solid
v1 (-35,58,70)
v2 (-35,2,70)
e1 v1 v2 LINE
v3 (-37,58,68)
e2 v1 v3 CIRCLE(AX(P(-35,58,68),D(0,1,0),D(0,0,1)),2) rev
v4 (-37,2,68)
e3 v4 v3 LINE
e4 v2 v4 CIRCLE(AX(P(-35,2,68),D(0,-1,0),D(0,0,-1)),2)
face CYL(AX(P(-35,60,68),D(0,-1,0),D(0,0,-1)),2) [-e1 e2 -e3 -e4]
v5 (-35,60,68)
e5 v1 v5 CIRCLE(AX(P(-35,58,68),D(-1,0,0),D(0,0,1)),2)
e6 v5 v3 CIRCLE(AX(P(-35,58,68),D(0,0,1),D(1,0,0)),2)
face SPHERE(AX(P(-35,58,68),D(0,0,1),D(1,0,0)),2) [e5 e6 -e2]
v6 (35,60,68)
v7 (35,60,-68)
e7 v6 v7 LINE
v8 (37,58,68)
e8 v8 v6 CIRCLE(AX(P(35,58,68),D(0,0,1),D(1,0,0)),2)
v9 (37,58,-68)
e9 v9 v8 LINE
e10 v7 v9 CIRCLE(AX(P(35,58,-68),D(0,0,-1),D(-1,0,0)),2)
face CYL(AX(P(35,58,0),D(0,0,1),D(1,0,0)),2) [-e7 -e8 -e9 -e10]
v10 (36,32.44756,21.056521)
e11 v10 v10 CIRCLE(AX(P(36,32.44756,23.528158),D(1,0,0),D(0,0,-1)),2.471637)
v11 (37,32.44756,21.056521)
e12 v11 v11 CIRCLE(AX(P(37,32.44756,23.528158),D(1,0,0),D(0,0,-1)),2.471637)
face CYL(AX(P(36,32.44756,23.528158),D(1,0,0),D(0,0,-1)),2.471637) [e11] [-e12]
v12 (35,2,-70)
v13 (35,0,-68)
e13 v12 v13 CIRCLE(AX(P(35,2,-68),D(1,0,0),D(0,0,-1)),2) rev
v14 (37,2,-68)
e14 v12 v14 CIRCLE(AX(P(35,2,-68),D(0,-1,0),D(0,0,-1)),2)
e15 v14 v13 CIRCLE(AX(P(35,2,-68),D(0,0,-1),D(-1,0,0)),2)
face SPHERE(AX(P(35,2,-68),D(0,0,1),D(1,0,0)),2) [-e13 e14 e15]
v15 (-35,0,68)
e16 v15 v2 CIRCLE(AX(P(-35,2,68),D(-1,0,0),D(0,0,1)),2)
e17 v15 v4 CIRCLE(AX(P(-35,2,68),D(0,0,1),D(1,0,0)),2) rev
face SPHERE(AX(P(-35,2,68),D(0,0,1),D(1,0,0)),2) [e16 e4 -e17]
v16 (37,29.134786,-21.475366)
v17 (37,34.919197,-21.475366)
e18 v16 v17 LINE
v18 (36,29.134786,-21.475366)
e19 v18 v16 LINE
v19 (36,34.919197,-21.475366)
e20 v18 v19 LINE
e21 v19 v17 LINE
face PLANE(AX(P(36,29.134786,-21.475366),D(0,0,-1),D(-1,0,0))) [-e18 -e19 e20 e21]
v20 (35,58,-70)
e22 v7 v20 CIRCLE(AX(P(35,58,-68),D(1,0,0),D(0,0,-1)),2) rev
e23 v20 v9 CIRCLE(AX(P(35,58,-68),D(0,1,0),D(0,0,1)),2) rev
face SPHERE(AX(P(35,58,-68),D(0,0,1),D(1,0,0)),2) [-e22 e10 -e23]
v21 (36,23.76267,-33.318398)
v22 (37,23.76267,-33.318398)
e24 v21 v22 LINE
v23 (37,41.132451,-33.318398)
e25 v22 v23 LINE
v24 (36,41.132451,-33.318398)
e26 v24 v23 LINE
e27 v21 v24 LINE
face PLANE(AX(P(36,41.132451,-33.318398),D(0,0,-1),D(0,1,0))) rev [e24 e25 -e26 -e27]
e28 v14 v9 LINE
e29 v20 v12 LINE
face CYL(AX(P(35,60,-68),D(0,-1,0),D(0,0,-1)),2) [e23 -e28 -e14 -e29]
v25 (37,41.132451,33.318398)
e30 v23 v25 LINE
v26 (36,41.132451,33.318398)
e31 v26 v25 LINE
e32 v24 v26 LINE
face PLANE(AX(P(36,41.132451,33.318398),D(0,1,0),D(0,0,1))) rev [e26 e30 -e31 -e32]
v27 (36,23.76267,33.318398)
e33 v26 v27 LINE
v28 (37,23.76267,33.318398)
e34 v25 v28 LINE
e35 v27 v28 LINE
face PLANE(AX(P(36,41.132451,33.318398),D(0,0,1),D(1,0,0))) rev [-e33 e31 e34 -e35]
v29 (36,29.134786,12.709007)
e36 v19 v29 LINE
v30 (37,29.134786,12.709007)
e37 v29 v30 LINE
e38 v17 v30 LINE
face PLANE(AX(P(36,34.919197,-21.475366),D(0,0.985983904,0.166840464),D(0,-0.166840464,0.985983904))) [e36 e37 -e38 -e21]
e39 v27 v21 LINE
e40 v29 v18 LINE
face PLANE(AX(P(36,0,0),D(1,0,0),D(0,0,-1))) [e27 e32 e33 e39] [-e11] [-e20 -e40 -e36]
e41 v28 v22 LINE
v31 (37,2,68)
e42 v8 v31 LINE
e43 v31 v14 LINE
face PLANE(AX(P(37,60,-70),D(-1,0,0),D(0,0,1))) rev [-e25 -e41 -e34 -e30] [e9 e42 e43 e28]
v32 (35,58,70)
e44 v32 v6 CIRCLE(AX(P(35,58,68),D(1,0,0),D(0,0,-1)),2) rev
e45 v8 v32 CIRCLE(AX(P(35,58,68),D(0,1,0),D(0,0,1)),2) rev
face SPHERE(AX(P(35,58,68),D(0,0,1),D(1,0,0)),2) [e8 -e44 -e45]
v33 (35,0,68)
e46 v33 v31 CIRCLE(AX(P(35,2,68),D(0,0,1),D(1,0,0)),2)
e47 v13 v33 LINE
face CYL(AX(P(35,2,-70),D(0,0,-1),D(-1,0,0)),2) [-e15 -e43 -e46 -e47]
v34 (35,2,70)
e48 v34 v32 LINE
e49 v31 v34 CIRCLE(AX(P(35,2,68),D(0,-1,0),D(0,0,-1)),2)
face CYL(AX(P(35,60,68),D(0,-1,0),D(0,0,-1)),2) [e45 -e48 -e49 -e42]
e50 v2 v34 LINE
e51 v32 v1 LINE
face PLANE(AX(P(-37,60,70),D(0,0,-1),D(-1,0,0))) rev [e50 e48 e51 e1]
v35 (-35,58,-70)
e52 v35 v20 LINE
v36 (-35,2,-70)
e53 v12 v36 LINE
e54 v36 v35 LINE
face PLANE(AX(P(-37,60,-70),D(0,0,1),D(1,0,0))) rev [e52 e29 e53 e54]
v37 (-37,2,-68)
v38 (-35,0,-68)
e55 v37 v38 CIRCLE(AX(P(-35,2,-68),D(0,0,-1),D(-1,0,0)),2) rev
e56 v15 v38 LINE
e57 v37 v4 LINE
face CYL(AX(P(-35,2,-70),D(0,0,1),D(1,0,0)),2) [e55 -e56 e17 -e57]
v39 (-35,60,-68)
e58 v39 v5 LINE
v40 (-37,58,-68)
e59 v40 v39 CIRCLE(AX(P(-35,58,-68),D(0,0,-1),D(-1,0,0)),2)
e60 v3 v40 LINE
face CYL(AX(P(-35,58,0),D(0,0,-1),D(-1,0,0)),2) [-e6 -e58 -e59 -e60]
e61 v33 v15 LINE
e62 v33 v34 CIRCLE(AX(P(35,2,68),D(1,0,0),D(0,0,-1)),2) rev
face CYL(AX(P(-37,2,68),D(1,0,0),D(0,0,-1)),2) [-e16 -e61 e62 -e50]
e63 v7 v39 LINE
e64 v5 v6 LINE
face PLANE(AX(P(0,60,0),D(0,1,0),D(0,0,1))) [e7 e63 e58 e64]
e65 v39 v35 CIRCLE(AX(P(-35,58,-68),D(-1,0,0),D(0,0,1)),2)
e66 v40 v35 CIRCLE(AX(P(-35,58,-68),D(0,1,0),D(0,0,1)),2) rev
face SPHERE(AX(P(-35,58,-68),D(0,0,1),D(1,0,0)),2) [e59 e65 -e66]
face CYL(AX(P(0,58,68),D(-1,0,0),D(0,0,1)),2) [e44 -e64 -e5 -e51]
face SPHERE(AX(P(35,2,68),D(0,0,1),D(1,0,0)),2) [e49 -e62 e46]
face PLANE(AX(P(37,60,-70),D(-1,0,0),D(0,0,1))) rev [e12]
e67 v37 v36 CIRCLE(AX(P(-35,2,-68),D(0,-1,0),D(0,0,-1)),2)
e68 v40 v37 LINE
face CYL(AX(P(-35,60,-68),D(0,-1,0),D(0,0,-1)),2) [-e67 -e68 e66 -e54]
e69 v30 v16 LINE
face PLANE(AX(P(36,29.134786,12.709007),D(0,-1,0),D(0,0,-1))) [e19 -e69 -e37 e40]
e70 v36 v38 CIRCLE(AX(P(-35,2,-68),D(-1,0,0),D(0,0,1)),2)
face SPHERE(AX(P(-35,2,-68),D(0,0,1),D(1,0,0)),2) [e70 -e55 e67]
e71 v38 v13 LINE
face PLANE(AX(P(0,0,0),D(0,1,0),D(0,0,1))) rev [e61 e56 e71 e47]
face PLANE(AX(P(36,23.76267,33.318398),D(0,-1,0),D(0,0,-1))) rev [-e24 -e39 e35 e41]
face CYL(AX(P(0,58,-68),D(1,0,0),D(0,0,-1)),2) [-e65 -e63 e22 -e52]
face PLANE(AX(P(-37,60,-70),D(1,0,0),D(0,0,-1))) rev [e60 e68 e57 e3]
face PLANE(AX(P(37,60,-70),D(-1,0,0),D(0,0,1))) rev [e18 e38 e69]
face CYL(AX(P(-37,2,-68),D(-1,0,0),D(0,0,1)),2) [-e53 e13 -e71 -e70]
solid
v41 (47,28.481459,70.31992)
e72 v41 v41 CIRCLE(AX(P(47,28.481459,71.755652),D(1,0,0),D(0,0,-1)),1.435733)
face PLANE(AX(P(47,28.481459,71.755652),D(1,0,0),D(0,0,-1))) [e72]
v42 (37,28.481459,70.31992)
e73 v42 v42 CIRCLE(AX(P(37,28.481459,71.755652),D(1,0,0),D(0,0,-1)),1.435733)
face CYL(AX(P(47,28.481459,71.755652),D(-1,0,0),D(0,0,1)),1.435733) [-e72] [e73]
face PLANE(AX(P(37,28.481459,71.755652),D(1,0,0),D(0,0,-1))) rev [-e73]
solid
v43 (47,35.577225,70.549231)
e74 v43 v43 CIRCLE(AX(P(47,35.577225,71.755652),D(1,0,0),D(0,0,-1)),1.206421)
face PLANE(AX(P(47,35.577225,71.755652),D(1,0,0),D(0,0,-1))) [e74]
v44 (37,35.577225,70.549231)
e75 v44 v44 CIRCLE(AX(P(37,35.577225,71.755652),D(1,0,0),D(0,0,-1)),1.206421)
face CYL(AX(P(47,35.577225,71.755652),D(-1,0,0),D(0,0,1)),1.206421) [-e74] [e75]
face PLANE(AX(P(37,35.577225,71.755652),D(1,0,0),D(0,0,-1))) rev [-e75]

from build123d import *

# Parameters (mm, degrees)
SKETCH_1_W          = 74
SKETCH_1_H          = 140
EXTRUDE_1_DEPTH     = 60
FILLET_1_R          = 2
SKETCH_2_W          = 66.636795908
SKETCH_2_H          = 17.369780924
SKETCH_2_R          = 2.471637057
CUT_EXTRUDE_1_DEPTH = 1
SKETCH_3_R          = 1.206421208
EXTRUDE_2_DEPTH     = 10
SKETCH_3_R_2        = 1.435732572
EXTRUDE_2_2_DEPTH   = 10


with BuildPart() as part:
    # 草图1 → 凸台-拉伸1 (new body)
    with BuildSketch(Plane(origin=(0, 0, 0), x_dir=(1, 0, 0), z_dir=(0, 1, 0))):
        Rectangle(SKETCH_1_W, SKETCH_1_H)
    extrude(amount=EXTRUDE_1_DEPTH)

    # 圆角1
    fillet_1_edges = [part.edges().sort_by_distance(p)[0] for p in [
        (-37, 60, 0),
        (0, 60, 70),
        (37, 60, 0),
        (0, 0, 70),
        (-37, 0, 0),
        (0, 0, -70),
        (37, 0, 0),
        (0, 60, -70),
        (37, 30, 70),
        (-37, 30, 70),
        (-37, 30, -70),
        (37, 30, -70),
    ]]
    fillet(fillet_1_edges, radius=FILLET_1_R)

    # 草图2 → 切除-拉伸1 (cut)
    with BuildSketch(Plane(origin=(37, 0, 0), x_dir=(0, 0, -1), z_dir=(1, 0, 0))):
        with Locations((0, 32.447560039)):
            Rectangle(SKETCH_2_W, SKETCH_2_H)
        with Locations((-23.528157797, 32.447560039)):
            Circle(SKETCH_2_R, mode=Mode.SUBTRACT)
        Polygon((-12.709007388, 29.134785602), (21.475365506, 29.134785602), (21.475365506, 34.919197096), align=None, mode=Mode.SUBTRACT)
    extrude(amount=-CUT_EXTRUDE_1_DEPTH, mode=Mode.SUBTRACT)


with BuildPart() as body_2:
    # 草图3 → 凸台-拉伸2 (new body)
    with BuildSketch(Plane(origin=(37, 0, 0), x_dir=(0, 0, -1), z_dir=(1, 0, 0))):
        with Locations((-71.755652282, 35.577224789)):
            Circle(SKETCH_3_R)
    extrude(amount=EXTRUDE_2_DEPTH)


with BuildPart() as body_3:
    # 草图3 → Extrude 2 2 (new body)
    with BuildSketch(Plane(origin=(37, 0, 0), x_dir=(0, 0, -1), z_dir=(1, 0, 0))):
        with Locations((-71.755652282, 28.481459221)):
            Circle(SKETCH_3_R_2)
    extrude(amount=EXTRUDE_2_2_DEPTH)


solid = Compound([part.part, body_2.part, body_3.part])
